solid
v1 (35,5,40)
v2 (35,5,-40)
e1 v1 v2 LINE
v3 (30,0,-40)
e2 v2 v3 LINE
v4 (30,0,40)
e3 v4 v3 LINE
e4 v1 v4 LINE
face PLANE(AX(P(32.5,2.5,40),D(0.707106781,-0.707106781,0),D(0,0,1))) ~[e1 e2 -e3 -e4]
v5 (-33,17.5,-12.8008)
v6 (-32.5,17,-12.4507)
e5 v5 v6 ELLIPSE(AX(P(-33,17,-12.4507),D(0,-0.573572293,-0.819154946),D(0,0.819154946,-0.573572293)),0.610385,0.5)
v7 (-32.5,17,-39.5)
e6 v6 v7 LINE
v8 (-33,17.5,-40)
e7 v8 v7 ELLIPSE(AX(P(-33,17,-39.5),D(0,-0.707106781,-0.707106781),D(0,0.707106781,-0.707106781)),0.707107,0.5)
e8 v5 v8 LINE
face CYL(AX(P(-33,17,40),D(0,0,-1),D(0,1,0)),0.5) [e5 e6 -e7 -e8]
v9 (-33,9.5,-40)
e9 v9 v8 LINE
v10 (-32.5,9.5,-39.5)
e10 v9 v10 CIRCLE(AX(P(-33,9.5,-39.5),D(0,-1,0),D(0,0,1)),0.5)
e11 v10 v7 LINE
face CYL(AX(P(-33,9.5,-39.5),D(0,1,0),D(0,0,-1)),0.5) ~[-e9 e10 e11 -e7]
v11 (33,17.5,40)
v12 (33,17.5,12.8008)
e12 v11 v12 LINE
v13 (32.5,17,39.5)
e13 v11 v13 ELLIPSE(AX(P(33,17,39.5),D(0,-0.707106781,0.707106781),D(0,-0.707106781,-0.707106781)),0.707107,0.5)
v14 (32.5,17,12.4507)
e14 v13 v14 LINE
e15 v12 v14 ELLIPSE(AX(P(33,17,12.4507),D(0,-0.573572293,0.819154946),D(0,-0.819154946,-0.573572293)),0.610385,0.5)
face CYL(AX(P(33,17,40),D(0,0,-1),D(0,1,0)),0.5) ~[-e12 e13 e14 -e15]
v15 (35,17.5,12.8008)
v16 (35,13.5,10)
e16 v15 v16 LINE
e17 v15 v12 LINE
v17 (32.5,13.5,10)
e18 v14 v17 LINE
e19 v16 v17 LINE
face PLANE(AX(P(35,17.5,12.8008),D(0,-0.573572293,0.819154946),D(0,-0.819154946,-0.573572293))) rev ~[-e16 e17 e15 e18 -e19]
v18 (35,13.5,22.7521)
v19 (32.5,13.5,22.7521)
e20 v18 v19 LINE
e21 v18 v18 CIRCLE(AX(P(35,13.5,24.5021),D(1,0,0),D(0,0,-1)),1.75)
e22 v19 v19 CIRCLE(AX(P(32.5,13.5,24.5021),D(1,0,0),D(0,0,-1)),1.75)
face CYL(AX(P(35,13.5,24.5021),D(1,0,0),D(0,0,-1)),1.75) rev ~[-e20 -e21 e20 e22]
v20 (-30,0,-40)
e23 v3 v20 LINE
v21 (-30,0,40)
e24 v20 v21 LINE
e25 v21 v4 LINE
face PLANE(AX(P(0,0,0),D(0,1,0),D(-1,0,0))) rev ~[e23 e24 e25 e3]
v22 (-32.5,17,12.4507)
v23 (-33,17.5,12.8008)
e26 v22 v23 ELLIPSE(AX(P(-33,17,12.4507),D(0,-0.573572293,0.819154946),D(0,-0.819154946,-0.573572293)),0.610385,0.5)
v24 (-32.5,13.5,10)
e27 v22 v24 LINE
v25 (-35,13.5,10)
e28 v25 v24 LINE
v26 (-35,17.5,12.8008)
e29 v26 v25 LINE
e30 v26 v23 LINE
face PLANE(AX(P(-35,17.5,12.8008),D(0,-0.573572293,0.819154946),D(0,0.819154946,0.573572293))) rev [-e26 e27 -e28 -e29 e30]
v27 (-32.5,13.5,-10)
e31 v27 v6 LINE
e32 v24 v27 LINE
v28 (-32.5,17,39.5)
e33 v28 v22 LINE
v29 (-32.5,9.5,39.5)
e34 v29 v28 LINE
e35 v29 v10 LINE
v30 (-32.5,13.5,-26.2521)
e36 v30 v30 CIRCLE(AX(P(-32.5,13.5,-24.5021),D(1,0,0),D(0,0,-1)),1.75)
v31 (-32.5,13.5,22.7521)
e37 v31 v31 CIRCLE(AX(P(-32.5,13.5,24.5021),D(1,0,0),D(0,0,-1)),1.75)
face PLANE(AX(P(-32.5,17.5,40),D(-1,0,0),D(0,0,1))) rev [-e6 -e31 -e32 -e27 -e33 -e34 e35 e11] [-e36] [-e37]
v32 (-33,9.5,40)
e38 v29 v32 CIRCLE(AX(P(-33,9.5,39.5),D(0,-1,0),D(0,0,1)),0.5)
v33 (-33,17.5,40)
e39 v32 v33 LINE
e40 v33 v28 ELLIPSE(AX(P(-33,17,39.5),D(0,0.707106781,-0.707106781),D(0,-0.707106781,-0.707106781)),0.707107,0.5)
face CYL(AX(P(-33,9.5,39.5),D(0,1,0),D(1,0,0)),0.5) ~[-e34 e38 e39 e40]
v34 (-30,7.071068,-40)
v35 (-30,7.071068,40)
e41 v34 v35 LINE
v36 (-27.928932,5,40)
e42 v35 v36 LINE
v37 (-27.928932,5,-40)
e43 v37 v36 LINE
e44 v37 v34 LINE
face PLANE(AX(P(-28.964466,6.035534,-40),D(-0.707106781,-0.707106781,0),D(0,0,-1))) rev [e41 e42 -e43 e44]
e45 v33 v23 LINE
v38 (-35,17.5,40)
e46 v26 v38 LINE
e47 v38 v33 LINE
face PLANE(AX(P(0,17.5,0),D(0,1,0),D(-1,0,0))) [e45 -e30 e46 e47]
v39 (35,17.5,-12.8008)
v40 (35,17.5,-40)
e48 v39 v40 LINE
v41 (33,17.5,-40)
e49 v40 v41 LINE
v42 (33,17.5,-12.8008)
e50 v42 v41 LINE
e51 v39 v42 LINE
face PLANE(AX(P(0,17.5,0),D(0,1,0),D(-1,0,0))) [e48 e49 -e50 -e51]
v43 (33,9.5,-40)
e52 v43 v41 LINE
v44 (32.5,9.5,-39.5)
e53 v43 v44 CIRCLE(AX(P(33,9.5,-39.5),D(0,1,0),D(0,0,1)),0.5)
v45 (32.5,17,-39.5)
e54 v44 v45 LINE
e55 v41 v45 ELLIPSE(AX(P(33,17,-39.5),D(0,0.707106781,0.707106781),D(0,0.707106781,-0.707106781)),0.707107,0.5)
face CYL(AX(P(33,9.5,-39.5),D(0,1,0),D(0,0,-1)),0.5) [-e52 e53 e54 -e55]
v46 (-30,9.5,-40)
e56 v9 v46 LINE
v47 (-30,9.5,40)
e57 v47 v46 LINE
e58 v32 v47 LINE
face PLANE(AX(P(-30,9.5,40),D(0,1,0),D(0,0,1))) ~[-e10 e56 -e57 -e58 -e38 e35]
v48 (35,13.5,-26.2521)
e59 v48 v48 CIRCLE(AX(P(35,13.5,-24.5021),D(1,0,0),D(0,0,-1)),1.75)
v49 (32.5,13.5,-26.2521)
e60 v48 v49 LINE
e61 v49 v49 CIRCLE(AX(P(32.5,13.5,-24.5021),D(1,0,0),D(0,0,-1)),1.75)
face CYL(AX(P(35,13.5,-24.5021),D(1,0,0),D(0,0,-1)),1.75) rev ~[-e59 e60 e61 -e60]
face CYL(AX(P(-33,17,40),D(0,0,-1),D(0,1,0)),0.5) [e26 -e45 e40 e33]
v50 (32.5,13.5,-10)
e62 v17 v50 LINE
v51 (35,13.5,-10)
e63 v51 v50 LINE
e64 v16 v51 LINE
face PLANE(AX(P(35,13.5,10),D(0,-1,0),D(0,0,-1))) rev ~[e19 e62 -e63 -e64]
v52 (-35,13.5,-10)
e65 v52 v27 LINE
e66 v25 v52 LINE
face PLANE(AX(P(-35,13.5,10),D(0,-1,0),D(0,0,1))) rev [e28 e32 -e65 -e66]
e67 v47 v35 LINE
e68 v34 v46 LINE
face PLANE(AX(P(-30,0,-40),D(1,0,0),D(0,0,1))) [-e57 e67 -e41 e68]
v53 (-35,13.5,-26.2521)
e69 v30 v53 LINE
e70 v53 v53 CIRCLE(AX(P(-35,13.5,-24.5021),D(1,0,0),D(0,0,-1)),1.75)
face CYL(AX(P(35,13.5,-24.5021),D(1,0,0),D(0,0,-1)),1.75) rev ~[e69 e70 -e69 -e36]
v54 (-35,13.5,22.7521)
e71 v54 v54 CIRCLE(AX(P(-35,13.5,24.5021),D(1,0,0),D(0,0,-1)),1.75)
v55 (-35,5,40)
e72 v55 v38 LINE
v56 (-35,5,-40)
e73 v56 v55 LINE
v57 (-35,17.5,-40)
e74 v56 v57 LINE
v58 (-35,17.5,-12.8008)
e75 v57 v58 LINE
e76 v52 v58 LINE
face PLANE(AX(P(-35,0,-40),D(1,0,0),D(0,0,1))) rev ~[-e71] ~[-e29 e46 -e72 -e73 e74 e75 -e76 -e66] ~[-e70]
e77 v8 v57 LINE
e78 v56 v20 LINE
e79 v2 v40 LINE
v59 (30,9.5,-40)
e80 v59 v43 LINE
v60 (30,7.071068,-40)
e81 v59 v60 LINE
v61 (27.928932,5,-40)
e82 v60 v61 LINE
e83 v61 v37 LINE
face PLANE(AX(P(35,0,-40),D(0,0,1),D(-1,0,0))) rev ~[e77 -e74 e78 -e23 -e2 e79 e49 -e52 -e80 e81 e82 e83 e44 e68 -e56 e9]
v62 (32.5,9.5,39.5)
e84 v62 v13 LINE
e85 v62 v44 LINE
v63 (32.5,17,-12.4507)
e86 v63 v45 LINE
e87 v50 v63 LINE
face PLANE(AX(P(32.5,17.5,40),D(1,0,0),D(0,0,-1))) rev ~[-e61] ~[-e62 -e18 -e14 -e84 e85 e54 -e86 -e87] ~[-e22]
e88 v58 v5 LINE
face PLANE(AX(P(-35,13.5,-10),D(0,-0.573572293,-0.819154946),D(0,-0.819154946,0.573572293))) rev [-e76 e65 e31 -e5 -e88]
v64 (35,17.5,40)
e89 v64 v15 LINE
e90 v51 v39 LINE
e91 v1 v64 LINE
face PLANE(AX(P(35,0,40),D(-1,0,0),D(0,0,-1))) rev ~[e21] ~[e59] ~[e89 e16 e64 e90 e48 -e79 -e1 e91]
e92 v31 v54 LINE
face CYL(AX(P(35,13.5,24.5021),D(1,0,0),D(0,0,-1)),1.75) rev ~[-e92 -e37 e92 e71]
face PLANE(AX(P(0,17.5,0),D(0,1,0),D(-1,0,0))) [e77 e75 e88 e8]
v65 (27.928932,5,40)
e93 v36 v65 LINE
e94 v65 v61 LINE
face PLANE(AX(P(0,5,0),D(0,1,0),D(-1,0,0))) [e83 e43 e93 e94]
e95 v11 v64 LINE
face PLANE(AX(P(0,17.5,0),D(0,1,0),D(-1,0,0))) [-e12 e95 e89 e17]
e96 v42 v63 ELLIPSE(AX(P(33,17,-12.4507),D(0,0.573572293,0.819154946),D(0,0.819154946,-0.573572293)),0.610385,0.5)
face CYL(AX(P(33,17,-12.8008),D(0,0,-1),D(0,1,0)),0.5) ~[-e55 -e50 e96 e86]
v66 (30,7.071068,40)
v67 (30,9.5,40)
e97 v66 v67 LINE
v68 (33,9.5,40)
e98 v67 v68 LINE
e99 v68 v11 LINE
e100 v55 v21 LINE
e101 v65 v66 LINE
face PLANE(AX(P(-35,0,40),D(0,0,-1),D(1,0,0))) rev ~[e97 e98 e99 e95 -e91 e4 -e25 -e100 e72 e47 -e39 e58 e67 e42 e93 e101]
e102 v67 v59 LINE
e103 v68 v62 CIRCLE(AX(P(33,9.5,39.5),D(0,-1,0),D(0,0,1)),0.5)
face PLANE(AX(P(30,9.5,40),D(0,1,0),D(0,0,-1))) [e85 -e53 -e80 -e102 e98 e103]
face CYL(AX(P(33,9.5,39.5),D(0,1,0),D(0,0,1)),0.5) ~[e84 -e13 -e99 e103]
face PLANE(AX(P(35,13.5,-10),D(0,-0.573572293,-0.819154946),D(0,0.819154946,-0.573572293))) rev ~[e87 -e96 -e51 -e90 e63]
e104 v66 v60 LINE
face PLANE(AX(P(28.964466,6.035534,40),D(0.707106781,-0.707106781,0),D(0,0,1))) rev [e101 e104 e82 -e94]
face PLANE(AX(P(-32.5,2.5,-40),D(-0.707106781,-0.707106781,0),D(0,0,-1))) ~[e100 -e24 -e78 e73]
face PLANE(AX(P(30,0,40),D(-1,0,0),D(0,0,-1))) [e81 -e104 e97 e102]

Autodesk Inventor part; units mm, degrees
ref_plane "YZ Plane" through (0, 0, 0) normal (1, 0, 0) x (0, 1, 0)
ref_plane "XZ Plane" through (0, 0, 0) normal (0, 1, 0) x (-1, 0, 0)
ref_plane "XY Plane" through (0, 0, 0) normal (0, 0, 1) x (1, 0, 0)
sketch "Sketch1" plane through (0, 0, 0) normal (0, 1, 0) x (-1, 0, 0)
  line L0 (35, 40) -> (-35, 40)
  line L1 (-35, 40) -> (-35, -40)
  line L2 (-35, -40) -> (35, -40)
  line L3 (35, -40) -> (35, 40)
  line L4 (35, 40) -> (-35, -40) construction
  line L5 (-35, 40) -> (35, -40) construction
  point P0 (0, 0)
  dimension "d0" = 70
  dimension "d1" = 80
extrude "Extrusion1" add sketch "Sketch1" along normal blind 17.5
chamfer "Chamfer1" distance 5 angle 45 2 edges at (35, 0, 0) (-35, 0, 0)
shell "Shell1" thickness 5 removed faces 3 at (10, 11.6667, 40) at (11.6667, 17.5, 13.3333) at (-10, 11.6667, -40)
ref_plane "Work Plane1" through (0, 17.5, -40) normal (-1, 0, 0) x (0, 0, 1)
ref_plane "Work Plane2" through (-30, 0, 0) normal (0, 0, 1) x (1, 0, 0)
sketch "Sketch6" plane through (30, 17.5, 40) normal (1, 0, 0) x (0, 0, -1)
  line L0 (80, -12.5) -> (0, -12.5) projected
  line L1 (80, -12.5) -> (80, 0) projected
  line L2 (0, 0) -> (80, 0) projected
  line L3 (0, -12.5) -> (0, 0) projected
  line L4 (0, 0) -> (0, -10.4289) projected
  line L5 (0, -8) -> (80, -8)
  point P0 (40, -17.5)
  dimension "d31" = 8
extrude "Extrusion6" cut sketch "Sketch6" along normal blind 2.5 contours L5 L3 L2 L1
sketch "Sketch11" plane through (35, 17.5, 40) normal (1, 0, 0) x (0, 0, -1)
  line L0 (0, 9) -> (16.2241, 9) projected
  line L1 (0, 9) -> (0, 0) projected
  line L2 (0, 0) -> (27.1992, 0) projected
  line L3 (27.1992, 0) -> (30, -4) projected
  line L4 (30, -4) -> (50, -4) projected
  line L5 (50, -4) -> (52.8008, 0) projected
  line L6 (52.8008, 0) -> (80, 0) projected
  line L7 (80, 9) -> (80, 0) projected
  line L8 (63.7759, 9) -> (80, 9) projected
  line L9 (63.7759, 9) -> (60, 4.5) projected
  line L10 (20, 4.5) -> (60, 4.5) projected
  line L11 (20, 4.5) -> (16.2241, 9) projected
  line L12 (52.8008, 0) -> (27.1992, 0)
  line L13 (80, 0) -> (0, 0) projected
  point P0 (40, -17.5)
extrude "Extrusion11" cut sketch "Sketch11" against normal up to surface (2.5 mm away) contours L12 L5 L4 L3
fillet "Fillet3" radius 0.5 4 edges at (32.5, 17.5, -26.4004) (32.5, 17.5, 26.4004) (32.5, 13.5, -40) (32.5, 13.5, 40)
mirror "Mirror3" about plane through (0, 17.5, -40) normal (-1, 0, 0) of "Extrusion6", "Fillet3", "Extrusion11"
sketch "Sketch10" plane through (35, 17.5, 40) normal (1, 0, 0) x (0, 0, -1)
  circle A0 centre (15.4979, -4) radius 1.75 projected
  circle A1 centre (64.5021, -4) radius 1.75 projected
  point P0 (40, -17.5)
extrude "Extrusion10" cut sketch "Sketch10" against normal through all
sketch "Sketch12" plane through (-30, 0, 40) normal (0, 0, 1) x (1, 0, 0)
  line L0 (0, 9.5) -> (-3, 9.5) projected
  line L1 (-3, 17.5) -> (-3, 9.5) projected
  line L2 (-5, 17.5) -> (-3, 17.5) projected
  line L3 (-5, 5) -> (-5, 17.5) projected
  line L4 (0, 0) -> (-5, 5) projected
  line L5 (0, 0) -> (60, 0) projected
  line L6 (65, 5) -> (60, 0) projected
  line L7 (65, 5) -> (65, 17.5) projected
  line L8 (63, 17.5) -> (65, 17.5) projected
  line L9 (63, 9.5) -> (63, 17.5) projected
  line L10 (63, 9.5) -> (60, 9.5) projected
  line L11 (60, 9.5) -> (60, 7.0711) projected
  line L12 (60, 7.0711) -> (57.9289, 5) projected
  line L13 (57.9289, 5) -> (2.0711, 5) projected
  line L14 (2.0711, 5) -> (0, 7.0711) projected
  line L15 (0, 7.0711) -> (0, 9.5) projected
  line L16 (0, 0) -> (60, 0) projected
  line L17 (60, 0) -> (65, 0)
  line L18 (65, 0) -> (65, 5)
  point P0 (30, 0)
properties part number "A-02"
